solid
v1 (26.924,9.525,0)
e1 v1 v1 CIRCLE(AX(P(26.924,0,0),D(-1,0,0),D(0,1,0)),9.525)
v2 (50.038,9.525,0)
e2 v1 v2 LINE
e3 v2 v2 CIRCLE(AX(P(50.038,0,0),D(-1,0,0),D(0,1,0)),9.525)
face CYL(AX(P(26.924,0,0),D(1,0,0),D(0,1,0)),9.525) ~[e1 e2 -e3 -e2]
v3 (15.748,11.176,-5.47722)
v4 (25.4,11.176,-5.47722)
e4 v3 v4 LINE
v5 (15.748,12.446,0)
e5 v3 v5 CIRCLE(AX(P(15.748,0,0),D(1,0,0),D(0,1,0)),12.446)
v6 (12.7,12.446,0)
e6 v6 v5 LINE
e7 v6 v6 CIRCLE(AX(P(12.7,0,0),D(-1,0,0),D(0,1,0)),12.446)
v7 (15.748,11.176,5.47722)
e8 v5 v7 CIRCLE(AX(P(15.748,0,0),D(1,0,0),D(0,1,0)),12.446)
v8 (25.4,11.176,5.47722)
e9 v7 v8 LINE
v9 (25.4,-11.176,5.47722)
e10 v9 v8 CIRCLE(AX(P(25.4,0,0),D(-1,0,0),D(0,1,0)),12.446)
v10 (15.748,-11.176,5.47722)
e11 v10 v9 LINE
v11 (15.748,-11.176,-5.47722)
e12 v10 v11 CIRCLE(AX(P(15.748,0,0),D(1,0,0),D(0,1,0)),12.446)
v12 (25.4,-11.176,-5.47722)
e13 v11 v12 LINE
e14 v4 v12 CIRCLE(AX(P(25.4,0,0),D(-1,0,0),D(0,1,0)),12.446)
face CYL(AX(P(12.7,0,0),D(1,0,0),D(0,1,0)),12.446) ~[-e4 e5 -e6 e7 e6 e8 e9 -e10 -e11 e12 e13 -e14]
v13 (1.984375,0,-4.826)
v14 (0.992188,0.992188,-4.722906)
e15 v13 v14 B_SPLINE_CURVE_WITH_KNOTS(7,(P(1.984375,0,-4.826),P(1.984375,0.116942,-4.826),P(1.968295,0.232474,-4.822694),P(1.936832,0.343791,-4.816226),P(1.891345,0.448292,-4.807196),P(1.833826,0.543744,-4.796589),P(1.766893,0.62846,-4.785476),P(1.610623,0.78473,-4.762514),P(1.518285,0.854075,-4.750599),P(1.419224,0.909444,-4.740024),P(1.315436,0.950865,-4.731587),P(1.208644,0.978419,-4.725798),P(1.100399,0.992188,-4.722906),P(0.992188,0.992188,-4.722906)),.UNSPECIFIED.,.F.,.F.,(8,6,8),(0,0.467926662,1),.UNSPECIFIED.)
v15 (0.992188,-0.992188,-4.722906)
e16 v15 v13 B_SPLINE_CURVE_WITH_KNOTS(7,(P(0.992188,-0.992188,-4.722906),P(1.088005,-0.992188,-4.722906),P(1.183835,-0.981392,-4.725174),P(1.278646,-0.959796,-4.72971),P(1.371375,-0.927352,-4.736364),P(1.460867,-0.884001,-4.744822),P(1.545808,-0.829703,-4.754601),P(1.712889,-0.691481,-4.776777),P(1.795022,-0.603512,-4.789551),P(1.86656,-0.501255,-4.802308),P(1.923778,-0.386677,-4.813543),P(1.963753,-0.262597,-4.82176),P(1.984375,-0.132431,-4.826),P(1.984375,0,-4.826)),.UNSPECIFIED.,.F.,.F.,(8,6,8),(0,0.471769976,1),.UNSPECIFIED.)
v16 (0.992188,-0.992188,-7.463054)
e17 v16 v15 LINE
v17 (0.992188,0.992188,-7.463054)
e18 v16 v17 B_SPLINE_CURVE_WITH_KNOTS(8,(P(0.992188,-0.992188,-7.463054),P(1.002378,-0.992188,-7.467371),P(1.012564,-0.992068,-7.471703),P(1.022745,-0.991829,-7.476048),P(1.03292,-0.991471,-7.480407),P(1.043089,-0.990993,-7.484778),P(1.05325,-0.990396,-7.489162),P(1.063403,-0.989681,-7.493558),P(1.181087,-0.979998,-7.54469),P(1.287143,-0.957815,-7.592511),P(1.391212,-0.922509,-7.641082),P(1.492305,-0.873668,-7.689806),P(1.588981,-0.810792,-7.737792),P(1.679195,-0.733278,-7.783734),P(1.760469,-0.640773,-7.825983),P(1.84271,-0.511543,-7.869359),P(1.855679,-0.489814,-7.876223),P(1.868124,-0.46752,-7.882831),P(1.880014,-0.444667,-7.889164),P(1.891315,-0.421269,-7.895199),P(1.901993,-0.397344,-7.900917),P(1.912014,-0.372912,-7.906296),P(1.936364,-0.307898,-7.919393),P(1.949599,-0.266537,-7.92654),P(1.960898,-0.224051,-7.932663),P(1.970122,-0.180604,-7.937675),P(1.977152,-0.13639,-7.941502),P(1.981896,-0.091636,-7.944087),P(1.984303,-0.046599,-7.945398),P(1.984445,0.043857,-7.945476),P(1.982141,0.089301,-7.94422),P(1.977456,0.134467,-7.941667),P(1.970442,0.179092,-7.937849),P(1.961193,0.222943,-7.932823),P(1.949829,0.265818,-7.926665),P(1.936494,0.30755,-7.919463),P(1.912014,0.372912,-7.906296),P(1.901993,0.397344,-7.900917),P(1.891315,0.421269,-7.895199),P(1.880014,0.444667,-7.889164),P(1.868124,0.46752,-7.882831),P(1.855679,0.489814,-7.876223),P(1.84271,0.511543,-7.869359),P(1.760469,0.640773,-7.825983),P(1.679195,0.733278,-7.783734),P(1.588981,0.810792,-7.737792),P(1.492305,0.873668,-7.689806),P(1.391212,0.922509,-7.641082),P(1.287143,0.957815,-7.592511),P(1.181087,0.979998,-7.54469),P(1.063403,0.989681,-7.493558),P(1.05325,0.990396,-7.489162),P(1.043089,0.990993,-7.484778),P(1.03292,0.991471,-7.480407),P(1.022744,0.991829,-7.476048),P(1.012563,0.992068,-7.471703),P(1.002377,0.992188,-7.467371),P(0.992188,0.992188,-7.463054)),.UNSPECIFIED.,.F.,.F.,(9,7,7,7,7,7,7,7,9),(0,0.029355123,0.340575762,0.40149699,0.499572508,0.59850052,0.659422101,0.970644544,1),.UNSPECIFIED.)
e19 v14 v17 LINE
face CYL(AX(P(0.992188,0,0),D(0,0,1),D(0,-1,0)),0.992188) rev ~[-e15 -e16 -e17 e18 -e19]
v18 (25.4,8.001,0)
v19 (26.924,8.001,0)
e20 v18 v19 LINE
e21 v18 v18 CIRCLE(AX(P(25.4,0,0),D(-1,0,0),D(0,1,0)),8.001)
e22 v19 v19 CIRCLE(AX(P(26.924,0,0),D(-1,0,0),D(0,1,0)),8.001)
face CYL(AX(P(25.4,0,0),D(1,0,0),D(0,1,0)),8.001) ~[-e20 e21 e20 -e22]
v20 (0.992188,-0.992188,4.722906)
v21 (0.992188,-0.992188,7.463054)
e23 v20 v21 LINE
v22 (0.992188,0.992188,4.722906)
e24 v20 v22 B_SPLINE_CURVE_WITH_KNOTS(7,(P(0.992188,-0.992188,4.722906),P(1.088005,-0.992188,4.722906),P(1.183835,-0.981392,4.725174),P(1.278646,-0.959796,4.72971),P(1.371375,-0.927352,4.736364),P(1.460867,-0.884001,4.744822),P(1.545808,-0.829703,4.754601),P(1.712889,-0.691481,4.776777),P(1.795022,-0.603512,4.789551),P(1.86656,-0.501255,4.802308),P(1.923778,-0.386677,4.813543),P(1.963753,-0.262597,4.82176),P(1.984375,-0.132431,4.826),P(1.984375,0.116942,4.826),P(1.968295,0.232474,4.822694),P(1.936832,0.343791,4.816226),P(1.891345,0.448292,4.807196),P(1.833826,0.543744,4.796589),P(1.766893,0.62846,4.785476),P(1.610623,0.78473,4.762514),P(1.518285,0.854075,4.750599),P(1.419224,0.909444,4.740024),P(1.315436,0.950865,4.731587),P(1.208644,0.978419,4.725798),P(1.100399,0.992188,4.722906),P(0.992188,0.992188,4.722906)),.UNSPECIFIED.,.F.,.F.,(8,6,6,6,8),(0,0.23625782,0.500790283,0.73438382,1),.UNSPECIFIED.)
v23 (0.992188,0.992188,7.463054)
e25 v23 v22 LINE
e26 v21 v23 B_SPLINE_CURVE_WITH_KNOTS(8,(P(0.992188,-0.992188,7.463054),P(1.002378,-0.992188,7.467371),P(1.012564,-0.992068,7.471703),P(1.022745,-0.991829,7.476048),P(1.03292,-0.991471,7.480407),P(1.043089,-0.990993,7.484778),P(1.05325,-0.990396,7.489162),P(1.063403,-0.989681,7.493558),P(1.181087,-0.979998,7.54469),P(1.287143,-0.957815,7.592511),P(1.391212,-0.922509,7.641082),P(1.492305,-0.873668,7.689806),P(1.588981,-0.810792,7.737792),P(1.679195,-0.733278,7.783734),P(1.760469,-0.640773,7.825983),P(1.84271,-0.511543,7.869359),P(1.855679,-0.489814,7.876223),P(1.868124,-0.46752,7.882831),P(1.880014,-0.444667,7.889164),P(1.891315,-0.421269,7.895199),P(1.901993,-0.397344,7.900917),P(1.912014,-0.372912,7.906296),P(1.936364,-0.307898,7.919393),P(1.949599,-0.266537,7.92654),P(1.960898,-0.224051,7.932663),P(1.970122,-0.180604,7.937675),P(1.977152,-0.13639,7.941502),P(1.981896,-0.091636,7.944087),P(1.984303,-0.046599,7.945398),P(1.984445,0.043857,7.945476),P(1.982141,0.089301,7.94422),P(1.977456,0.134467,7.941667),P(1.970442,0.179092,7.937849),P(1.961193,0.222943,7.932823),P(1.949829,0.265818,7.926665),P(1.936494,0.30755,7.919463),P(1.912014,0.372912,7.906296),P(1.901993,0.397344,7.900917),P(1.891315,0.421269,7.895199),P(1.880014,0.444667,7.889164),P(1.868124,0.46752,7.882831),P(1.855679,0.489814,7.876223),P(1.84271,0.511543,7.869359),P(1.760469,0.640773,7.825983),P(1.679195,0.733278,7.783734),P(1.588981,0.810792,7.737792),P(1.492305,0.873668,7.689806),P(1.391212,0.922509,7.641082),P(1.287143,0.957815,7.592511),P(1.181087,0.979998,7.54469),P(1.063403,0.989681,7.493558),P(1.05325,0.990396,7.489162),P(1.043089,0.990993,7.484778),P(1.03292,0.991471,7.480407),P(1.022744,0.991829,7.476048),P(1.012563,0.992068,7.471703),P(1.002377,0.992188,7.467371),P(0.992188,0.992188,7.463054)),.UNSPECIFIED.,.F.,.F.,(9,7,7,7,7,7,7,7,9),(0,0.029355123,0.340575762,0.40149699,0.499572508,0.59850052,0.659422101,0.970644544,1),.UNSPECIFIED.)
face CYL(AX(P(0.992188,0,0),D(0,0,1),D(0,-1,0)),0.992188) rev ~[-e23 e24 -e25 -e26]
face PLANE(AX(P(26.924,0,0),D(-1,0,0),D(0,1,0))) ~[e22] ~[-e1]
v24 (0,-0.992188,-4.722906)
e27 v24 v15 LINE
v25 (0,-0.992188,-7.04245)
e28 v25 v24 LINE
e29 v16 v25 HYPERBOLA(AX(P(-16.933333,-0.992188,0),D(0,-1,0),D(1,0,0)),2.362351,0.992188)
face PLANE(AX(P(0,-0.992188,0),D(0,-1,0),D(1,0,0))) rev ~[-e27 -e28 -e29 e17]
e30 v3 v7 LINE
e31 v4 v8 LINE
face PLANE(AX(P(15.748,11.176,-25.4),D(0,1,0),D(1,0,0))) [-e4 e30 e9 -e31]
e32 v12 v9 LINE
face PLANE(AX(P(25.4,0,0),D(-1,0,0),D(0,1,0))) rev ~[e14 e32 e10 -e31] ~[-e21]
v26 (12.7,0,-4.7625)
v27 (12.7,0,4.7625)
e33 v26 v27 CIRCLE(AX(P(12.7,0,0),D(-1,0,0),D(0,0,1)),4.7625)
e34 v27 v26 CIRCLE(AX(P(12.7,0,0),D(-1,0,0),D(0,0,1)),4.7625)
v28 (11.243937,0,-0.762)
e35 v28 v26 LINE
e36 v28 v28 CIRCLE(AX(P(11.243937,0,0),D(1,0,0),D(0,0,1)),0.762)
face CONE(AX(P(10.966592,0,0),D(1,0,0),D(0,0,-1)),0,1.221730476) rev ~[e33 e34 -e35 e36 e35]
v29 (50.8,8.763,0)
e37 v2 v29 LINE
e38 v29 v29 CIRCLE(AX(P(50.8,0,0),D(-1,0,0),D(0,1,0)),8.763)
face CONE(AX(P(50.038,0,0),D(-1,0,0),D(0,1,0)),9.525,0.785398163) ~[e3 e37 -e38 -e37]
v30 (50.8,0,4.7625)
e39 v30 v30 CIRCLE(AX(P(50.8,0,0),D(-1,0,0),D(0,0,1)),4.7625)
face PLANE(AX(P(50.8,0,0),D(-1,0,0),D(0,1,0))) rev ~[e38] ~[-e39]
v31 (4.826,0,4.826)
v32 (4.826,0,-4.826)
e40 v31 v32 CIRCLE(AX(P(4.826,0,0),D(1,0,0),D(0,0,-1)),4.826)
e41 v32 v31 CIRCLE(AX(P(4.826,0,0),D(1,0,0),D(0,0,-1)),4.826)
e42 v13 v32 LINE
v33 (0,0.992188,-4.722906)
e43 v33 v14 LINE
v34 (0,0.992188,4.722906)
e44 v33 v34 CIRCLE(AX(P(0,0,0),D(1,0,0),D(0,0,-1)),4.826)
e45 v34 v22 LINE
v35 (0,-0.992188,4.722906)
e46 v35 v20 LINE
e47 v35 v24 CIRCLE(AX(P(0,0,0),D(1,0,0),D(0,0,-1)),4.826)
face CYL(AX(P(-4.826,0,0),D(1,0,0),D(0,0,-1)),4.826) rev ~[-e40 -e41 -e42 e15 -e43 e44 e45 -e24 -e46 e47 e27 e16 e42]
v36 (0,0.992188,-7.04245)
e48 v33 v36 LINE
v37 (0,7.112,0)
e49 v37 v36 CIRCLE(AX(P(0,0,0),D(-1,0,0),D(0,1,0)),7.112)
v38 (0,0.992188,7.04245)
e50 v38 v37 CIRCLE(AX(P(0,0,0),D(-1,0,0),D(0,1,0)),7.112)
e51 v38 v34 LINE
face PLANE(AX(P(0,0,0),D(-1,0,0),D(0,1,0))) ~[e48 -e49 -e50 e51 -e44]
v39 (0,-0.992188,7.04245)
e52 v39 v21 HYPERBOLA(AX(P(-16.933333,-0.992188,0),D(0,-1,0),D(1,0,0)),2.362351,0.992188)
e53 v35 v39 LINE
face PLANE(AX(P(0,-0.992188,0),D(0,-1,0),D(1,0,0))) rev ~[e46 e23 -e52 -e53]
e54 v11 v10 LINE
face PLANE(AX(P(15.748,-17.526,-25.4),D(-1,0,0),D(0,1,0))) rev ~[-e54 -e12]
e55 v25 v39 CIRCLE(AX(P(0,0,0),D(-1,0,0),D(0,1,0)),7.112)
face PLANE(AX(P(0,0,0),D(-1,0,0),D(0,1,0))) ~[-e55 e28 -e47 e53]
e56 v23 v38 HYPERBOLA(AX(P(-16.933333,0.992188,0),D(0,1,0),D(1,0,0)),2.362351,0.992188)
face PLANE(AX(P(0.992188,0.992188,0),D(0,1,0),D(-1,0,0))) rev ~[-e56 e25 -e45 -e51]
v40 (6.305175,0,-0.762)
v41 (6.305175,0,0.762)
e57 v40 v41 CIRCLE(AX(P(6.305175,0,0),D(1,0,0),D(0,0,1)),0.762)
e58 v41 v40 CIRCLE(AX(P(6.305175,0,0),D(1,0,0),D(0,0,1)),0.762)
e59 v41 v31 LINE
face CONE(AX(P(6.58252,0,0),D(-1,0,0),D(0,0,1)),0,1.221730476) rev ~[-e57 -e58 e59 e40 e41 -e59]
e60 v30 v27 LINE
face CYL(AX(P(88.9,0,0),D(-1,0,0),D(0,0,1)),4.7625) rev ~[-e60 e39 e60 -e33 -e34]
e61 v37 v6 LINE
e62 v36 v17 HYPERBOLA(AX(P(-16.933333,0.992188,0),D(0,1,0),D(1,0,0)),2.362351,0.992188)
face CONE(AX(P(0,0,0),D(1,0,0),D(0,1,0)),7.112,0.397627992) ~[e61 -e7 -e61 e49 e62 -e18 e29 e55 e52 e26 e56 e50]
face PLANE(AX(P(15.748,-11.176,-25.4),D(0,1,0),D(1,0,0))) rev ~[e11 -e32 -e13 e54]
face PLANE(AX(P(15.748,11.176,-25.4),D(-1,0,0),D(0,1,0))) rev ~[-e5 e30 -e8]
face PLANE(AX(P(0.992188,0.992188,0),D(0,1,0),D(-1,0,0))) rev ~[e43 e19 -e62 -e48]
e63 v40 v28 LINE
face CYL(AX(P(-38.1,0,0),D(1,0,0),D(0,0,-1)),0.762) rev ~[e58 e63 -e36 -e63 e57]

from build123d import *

# Parameters (mm, degrees)
CHAMFER1_SIZE                    = 0.762
F_3_8_0_375_DIAMETER_HOLE1_D     = 9.525
F_3_8_0_375_DIAMETER_HOLE1_DEPTH = 38.1
F_3_8_0_375_DIAMETER_HOLE1_TIP   = 1.733408241
F_3_8_0_375_DIAMETER_HOLE2_D     = 1.524
F_3_8_0_375_DIAMETER_HOLE2_DEPTH = 38.1
F_3_8_0_375_DIAMETER_HOLE2_TIP   = 0.277345319
F_3_8_0_375_DIAMETER_HOLE3_D     = 9.652
F_3_8_0_375_DIAMETER_HOLE3_DEPTH = 4.826
F_3_8_0_375_DIAMETER_HOLE3_TIP   = 1.756520351
EXTRUDE1_DEPTH                   = 25.4
EXTRUDE1_DEPTH_BACK              = 25.4
SKETCH10_W                       = 9.652
SKETCH10_H                       = 2.627899037
SKETCH10_H_2                     = 6.35
CUT_EXTRUDE1_DEPTH               = 12.7


with BuildPart() as part:
    # Sketch1 → Revolve1 (revolve)
    with BuildSketch(Plane.XY):
        Polygon((0, 0), (0, 7.112), (12.7, 12.446), (25.4, 12.446), (25.4, 8.001), (26.924, 8.001), (26.924, 9.525), (50.8, 9.525), (50.8, 0), align=None)
    revolve(axis=Axis((50.8, 0, 0), (-1, 0, 0)))

    # Chamfer1
    chamfer1_edges = [part.edges().sort_by_distance(p)[0] for p in [
        (50.8, -9.525, 0),
    ]]
    chamfer(chamfer1_edges, length=CHAMFER1_SIZE)

    # 3/8 (0.375) Diameter Hole1
    with Locations(Plane(origin=(50.8, 0, 0), x_dir=(0, 0, -1), z_dir=(1, 0, 0))):
        with Locations((0, 0)):
            Hole(F_3_8_0_375_DIAMETER_HOLE1_D / 2, depth=F_3_8_0_375_DIAMETER_HOLE1_DEPTH)
            with Locations((0, 0, -(F_3_8_0_375_DIAMETER_HOLE1_DEPTH + F_3_8_0_375_DIAMETER_HOLE1_TIP / 2))):  # 140° drill point
                Cone(0, F_3_8_0_375_DIAMETER_HOLE1_D / 2, F_3_8_0_375_DIAMETER_HOLE1_TIP, mode=Mode.SUBTRACT)

    # 3/8 (0.375) Diameter Hole2
    with Locations(Plane.ZY):
        with Locations((0, 0)):
            Hole(F_3_8_0_375_DIAMETER_HOLE2_D / 2, depth=F_3_8_0_375_DIAMETER_HOLE2_DEPTH)
            with Locations((0, 0, -(F_3_8_0_375_DIAMETER_HOLE2_DEPTH + F_3_8_0_375_DIAMETER_HOLE2_TIP / 2))):  # 140° drill point
                Cone(0, F_3_8_0_375_DIAMETER_HOLE2_D / 2, F_3_8_0_375_DIAMETER_HOLE2_TIP, mode=Mode.SUBTRACT)

    # 3/8 (0.375) Diameter Hole3
    with Locations(Plane.ZY):
        with Locations((0, 0)):
            Hole(F_3_8_0_375_DIAMETER_HOLE3_D / 2, depth=F_3_8_0_375_DIAMETER_HOLE3_DEPTH)
            with Locations((0, 0, -(F_3_8_0_375_DIAMETER_HOLE3_DEPTH + F_3_8_0_375_DIAMETER_HOLE3_TIP / 2))):  # 140° drill point
                Cone(0, F_3_8_0_375_DIAMETER_HOLE3_D / 2, F_3_8_0_375_DIAMETER_HOLE3_TIP, mode=Mode.SUBTRACT)

    # Sketch10 → Extrude1 (cut, two sides: drawn at the far end of the back side and taken through both)
    with BuildSketch(Plane.XY.offset(-EXTRUDE1_DEPTH_BACK)):
        with Locations((20.574, 12.489949519)):
            Rectangle(SKETCH10_W, SKETCH10_H)
        with Locations((20.574, -14.351)):
            Rectangle(SKETCH10_W, SKETCH10_H_2)
    extrude(amount=EXTRUDE1_DEPTH + EXTRUDE1_DEPTH_BACK, mode=Mode.SUBTRACT)

    # Sketch11 → Cut-Extrude1 (cut, symmetric)
    with BuildSketch(Plane.XY):
        with BuildLine():
            Line((0, 0.9921875), (0, -0.9921875))
            Line((0, -0.9921875), (0.9921875, -0.9921875))
            ThreePointArc((0.9921875, -0.9921875), (1.984375, 0), (0.9921875, 0.9921875))
            Line((0.9921875, 0.9921875), (0, 0.9921875))
        make_face()
    extrude(amount=CUT_EXTRUDE1_DEPTH, both=True, mode=Mode.SUBTRACT)


solid = part.part
